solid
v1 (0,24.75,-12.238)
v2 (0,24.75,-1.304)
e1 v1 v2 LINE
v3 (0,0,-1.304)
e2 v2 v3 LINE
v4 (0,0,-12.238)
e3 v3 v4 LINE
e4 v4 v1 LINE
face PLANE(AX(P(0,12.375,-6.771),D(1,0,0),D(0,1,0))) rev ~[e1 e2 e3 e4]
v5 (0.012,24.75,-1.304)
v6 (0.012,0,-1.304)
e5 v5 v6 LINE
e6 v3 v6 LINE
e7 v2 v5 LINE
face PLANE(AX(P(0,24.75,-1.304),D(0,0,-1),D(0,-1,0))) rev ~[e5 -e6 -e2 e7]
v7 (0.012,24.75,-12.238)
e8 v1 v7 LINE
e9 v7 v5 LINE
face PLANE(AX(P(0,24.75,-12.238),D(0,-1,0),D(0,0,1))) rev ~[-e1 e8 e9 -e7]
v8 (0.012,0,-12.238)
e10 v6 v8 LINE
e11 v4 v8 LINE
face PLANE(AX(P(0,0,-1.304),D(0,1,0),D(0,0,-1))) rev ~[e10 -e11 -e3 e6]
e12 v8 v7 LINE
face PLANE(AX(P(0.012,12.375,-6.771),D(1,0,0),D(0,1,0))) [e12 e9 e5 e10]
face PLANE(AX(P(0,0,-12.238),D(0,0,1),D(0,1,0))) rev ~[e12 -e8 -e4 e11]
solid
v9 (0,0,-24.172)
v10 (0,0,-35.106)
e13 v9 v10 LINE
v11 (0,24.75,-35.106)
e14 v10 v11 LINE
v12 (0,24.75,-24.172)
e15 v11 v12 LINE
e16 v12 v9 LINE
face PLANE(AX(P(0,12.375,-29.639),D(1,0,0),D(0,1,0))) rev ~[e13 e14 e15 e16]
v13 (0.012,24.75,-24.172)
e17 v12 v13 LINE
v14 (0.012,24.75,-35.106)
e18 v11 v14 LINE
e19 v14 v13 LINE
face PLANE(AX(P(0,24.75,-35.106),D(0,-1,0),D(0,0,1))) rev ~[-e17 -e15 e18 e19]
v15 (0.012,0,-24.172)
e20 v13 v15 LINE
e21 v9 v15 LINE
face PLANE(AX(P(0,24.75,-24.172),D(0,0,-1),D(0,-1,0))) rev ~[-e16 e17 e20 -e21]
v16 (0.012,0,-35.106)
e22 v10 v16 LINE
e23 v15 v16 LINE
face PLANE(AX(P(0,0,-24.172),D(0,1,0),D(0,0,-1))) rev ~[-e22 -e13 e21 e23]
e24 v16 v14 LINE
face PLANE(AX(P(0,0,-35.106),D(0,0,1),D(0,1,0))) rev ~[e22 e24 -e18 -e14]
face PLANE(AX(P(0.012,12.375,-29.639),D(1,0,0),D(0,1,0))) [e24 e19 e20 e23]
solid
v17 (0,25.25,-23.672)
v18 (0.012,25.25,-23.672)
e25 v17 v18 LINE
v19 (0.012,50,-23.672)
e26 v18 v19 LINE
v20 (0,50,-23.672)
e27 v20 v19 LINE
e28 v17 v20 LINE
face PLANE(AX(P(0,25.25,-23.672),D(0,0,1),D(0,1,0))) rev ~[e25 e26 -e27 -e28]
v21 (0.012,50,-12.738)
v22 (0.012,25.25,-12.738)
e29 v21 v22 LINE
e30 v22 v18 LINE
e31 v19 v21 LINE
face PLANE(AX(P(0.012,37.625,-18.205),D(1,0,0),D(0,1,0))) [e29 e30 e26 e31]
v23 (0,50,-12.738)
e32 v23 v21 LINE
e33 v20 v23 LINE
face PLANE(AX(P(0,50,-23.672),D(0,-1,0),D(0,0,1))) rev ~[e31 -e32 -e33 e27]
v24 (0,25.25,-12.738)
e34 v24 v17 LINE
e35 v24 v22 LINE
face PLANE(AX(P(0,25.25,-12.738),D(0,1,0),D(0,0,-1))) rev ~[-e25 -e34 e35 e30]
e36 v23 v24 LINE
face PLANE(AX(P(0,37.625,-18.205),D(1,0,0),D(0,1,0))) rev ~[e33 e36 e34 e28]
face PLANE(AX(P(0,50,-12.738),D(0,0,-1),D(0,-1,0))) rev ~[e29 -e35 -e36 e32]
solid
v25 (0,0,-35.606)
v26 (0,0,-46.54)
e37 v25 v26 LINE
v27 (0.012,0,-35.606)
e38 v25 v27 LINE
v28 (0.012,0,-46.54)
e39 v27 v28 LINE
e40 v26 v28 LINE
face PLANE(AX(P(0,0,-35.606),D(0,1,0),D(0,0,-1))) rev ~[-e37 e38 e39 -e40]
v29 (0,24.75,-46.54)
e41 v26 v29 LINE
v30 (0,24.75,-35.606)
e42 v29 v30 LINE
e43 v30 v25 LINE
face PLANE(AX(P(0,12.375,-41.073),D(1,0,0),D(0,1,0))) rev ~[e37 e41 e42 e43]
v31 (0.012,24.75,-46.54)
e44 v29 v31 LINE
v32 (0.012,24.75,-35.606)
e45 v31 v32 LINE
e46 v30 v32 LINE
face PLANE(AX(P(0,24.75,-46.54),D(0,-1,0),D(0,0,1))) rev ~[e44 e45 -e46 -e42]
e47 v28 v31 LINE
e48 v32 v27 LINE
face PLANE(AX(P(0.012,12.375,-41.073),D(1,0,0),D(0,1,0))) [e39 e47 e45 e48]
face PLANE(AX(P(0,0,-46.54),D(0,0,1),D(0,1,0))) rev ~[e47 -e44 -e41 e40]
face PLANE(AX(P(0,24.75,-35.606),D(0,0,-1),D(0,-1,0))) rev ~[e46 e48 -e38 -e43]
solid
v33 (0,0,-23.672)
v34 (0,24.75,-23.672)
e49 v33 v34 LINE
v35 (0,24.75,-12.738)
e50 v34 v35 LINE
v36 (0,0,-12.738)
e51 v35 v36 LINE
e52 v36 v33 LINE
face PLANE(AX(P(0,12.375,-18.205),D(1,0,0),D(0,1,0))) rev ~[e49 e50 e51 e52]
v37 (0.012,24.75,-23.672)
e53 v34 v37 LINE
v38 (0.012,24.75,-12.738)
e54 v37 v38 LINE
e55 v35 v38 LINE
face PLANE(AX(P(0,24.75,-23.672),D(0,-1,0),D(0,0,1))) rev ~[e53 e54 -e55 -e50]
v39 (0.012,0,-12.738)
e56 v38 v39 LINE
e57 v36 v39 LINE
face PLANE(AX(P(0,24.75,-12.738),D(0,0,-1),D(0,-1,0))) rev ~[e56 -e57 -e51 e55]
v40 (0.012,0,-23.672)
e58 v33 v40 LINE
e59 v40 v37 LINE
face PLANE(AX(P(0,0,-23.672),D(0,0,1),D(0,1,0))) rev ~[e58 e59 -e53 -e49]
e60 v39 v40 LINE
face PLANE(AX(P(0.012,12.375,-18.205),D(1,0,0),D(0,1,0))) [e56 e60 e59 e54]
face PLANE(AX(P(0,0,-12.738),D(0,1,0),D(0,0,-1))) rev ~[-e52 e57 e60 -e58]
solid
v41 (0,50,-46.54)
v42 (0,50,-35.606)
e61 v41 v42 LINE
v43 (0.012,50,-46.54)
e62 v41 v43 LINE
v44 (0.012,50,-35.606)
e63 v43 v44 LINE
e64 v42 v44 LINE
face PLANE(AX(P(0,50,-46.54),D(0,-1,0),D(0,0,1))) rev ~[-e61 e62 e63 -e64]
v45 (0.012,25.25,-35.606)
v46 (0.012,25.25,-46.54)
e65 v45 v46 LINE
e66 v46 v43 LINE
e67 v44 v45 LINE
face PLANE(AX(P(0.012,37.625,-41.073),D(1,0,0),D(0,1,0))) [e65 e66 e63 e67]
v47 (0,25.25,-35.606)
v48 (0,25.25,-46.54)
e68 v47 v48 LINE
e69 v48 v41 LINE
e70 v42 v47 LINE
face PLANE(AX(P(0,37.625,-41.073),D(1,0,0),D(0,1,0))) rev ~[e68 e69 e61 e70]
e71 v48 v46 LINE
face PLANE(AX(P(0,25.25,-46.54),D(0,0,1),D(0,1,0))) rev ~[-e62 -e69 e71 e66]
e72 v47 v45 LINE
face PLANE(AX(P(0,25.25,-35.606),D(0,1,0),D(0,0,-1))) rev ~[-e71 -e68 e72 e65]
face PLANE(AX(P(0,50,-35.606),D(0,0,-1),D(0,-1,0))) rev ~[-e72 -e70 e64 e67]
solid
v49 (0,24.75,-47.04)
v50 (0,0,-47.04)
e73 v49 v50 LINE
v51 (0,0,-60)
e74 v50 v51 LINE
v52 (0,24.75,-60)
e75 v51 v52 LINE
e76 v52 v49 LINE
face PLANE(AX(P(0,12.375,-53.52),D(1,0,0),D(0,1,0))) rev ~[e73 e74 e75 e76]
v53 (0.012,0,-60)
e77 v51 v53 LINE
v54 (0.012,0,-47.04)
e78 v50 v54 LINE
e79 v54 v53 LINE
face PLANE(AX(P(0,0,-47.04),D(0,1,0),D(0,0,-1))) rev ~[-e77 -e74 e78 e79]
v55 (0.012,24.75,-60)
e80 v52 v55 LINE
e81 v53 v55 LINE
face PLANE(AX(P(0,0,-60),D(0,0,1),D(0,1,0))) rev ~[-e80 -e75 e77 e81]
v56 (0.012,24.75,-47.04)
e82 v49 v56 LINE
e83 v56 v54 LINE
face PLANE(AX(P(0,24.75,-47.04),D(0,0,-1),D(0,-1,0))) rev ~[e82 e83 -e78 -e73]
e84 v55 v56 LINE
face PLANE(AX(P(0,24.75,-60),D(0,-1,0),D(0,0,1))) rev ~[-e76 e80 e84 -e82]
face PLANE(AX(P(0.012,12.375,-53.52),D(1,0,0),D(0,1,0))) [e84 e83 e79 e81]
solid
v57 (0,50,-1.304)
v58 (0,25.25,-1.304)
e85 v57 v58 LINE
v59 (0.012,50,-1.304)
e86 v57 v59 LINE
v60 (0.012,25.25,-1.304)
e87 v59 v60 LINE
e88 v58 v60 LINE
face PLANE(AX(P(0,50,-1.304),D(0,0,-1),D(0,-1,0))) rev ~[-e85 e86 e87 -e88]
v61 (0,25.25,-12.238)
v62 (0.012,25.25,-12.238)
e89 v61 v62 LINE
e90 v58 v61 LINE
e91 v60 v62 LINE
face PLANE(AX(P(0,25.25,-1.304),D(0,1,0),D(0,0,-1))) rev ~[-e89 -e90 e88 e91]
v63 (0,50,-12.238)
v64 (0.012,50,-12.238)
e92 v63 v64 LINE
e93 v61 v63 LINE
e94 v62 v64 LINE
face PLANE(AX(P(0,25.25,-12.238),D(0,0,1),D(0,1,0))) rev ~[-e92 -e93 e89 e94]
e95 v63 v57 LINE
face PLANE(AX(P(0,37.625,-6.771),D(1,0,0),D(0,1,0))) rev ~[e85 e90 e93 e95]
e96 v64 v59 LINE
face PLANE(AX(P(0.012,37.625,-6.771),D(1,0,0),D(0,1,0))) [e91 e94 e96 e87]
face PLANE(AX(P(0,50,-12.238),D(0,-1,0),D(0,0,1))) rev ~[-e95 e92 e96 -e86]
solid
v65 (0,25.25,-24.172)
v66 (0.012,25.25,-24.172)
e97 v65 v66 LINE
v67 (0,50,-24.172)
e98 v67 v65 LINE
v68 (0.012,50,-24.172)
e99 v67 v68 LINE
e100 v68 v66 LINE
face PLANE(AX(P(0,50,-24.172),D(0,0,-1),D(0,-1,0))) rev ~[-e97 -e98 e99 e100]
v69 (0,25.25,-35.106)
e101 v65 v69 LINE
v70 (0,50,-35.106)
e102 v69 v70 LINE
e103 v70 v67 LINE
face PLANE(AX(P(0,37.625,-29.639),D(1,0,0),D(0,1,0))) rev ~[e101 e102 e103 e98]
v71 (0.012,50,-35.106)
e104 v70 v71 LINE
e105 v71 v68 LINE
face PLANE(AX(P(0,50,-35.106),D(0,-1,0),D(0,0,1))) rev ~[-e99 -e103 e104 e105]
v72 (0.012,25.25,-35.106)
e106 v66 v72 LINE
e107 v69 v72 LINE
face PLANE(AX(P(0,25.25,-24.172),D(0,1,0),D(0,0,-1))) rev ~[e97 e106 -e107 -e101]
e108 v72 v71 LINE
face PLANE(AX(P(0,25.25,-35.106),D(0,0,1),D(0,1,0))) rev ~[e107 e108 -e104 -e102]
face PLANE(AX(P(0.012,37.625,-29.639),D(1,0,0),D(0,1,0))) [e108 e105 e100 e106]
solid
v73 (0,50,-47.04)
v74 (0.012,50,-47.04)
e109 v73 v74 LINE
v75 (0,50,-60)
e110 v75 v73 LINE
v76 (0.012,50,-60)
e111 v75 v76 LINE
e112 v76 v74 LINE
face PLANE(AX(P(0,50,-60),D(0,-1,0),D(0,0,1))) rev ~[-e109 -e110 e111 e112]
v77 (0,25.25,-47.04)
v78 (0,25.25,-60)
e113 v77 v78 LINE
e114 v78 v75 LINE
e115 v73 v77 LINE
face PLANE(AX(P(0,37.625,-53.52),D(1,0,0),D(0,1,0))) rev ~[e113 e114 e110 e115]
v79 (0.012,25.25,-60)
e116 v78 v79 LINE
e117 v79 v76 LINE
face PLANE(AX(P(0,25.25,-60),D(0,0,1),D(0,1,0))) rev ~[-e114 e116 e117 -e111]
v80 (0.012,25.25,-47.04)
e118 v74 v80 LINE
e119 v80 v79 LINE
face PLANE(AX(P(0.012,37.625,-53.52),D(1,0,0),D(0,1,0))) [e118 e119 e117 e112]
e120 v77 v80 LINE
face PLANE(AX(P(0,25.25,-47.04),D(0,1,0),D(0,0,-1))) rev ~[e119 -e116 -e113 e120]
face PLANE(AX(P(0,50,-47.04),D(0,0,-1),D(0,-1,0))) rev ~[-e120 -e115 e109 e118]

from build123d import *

# Parameters (mm, degrees)
F1_DEPTH = 0.012


with BuildPart() as f1:
    # F0 (on Right) → F1 (new body)
    with BuildSketch(Plane.YZ):
        Polygon((24.75, -1.304), (0, -1.304), (0, -12.238), (24.75, -12.238), (24.75, -7.021), (24.75, -6.521), align=None)
        Polygon((50, -12.238), (50, -1.304), (25.25, -1.304), (25.25, -6.521), (25.25, -7.021), (25.25, -12.238), align=None)
        Polygon((24.75, -12.738), (0, -12.738), (0, -23.672), (24.75, -23.672), (24.75, -18.455), (24.75, -17.955), align=None)
        Polygon((50, -12.738), (25.25, -12.738), (25.25, -17.955), (25.25, -18.455), (25.25, -23.672), (50, -23.672), align=None)
        Polygon((50, -24.172), (25.25, -24.172), (25.25, -29.389), (25.25, -29.889), (25.25, -35.106), (50, -35.106), align=None)
        Polygon((24.75, -24.172), (0, -24.172), (0, -35.106), (24.75, -35.106), (24.75, -29.889), (24.75, -29.389), align=None)
        Polygon((24.75, -35.606), (0, -35.606), (0, -46.54), (24.75, -46.54), (24.75, -41.323), (24.75, -40.823), align=None)
        Polygon((50, -35.606), (25.25, -35.606), (25.25, -40.823), (25.25, -41.323), (25.25, -46.54), (50, -46.54), align=None)
        Polygon((25.25, -52.757), (25.25, -60), (50, -60), (50, -47.04), (25.25, -47.04), (25.25, -52.257), align=None)
        Polygon((0, -47.04), (0, -60), (24.75, -60), (24.75, -52.757), (24.75, -52.257), (24.75, -47.04), align=None)
    extrude(amount=F1_DEPTH)


solid = f1.part
